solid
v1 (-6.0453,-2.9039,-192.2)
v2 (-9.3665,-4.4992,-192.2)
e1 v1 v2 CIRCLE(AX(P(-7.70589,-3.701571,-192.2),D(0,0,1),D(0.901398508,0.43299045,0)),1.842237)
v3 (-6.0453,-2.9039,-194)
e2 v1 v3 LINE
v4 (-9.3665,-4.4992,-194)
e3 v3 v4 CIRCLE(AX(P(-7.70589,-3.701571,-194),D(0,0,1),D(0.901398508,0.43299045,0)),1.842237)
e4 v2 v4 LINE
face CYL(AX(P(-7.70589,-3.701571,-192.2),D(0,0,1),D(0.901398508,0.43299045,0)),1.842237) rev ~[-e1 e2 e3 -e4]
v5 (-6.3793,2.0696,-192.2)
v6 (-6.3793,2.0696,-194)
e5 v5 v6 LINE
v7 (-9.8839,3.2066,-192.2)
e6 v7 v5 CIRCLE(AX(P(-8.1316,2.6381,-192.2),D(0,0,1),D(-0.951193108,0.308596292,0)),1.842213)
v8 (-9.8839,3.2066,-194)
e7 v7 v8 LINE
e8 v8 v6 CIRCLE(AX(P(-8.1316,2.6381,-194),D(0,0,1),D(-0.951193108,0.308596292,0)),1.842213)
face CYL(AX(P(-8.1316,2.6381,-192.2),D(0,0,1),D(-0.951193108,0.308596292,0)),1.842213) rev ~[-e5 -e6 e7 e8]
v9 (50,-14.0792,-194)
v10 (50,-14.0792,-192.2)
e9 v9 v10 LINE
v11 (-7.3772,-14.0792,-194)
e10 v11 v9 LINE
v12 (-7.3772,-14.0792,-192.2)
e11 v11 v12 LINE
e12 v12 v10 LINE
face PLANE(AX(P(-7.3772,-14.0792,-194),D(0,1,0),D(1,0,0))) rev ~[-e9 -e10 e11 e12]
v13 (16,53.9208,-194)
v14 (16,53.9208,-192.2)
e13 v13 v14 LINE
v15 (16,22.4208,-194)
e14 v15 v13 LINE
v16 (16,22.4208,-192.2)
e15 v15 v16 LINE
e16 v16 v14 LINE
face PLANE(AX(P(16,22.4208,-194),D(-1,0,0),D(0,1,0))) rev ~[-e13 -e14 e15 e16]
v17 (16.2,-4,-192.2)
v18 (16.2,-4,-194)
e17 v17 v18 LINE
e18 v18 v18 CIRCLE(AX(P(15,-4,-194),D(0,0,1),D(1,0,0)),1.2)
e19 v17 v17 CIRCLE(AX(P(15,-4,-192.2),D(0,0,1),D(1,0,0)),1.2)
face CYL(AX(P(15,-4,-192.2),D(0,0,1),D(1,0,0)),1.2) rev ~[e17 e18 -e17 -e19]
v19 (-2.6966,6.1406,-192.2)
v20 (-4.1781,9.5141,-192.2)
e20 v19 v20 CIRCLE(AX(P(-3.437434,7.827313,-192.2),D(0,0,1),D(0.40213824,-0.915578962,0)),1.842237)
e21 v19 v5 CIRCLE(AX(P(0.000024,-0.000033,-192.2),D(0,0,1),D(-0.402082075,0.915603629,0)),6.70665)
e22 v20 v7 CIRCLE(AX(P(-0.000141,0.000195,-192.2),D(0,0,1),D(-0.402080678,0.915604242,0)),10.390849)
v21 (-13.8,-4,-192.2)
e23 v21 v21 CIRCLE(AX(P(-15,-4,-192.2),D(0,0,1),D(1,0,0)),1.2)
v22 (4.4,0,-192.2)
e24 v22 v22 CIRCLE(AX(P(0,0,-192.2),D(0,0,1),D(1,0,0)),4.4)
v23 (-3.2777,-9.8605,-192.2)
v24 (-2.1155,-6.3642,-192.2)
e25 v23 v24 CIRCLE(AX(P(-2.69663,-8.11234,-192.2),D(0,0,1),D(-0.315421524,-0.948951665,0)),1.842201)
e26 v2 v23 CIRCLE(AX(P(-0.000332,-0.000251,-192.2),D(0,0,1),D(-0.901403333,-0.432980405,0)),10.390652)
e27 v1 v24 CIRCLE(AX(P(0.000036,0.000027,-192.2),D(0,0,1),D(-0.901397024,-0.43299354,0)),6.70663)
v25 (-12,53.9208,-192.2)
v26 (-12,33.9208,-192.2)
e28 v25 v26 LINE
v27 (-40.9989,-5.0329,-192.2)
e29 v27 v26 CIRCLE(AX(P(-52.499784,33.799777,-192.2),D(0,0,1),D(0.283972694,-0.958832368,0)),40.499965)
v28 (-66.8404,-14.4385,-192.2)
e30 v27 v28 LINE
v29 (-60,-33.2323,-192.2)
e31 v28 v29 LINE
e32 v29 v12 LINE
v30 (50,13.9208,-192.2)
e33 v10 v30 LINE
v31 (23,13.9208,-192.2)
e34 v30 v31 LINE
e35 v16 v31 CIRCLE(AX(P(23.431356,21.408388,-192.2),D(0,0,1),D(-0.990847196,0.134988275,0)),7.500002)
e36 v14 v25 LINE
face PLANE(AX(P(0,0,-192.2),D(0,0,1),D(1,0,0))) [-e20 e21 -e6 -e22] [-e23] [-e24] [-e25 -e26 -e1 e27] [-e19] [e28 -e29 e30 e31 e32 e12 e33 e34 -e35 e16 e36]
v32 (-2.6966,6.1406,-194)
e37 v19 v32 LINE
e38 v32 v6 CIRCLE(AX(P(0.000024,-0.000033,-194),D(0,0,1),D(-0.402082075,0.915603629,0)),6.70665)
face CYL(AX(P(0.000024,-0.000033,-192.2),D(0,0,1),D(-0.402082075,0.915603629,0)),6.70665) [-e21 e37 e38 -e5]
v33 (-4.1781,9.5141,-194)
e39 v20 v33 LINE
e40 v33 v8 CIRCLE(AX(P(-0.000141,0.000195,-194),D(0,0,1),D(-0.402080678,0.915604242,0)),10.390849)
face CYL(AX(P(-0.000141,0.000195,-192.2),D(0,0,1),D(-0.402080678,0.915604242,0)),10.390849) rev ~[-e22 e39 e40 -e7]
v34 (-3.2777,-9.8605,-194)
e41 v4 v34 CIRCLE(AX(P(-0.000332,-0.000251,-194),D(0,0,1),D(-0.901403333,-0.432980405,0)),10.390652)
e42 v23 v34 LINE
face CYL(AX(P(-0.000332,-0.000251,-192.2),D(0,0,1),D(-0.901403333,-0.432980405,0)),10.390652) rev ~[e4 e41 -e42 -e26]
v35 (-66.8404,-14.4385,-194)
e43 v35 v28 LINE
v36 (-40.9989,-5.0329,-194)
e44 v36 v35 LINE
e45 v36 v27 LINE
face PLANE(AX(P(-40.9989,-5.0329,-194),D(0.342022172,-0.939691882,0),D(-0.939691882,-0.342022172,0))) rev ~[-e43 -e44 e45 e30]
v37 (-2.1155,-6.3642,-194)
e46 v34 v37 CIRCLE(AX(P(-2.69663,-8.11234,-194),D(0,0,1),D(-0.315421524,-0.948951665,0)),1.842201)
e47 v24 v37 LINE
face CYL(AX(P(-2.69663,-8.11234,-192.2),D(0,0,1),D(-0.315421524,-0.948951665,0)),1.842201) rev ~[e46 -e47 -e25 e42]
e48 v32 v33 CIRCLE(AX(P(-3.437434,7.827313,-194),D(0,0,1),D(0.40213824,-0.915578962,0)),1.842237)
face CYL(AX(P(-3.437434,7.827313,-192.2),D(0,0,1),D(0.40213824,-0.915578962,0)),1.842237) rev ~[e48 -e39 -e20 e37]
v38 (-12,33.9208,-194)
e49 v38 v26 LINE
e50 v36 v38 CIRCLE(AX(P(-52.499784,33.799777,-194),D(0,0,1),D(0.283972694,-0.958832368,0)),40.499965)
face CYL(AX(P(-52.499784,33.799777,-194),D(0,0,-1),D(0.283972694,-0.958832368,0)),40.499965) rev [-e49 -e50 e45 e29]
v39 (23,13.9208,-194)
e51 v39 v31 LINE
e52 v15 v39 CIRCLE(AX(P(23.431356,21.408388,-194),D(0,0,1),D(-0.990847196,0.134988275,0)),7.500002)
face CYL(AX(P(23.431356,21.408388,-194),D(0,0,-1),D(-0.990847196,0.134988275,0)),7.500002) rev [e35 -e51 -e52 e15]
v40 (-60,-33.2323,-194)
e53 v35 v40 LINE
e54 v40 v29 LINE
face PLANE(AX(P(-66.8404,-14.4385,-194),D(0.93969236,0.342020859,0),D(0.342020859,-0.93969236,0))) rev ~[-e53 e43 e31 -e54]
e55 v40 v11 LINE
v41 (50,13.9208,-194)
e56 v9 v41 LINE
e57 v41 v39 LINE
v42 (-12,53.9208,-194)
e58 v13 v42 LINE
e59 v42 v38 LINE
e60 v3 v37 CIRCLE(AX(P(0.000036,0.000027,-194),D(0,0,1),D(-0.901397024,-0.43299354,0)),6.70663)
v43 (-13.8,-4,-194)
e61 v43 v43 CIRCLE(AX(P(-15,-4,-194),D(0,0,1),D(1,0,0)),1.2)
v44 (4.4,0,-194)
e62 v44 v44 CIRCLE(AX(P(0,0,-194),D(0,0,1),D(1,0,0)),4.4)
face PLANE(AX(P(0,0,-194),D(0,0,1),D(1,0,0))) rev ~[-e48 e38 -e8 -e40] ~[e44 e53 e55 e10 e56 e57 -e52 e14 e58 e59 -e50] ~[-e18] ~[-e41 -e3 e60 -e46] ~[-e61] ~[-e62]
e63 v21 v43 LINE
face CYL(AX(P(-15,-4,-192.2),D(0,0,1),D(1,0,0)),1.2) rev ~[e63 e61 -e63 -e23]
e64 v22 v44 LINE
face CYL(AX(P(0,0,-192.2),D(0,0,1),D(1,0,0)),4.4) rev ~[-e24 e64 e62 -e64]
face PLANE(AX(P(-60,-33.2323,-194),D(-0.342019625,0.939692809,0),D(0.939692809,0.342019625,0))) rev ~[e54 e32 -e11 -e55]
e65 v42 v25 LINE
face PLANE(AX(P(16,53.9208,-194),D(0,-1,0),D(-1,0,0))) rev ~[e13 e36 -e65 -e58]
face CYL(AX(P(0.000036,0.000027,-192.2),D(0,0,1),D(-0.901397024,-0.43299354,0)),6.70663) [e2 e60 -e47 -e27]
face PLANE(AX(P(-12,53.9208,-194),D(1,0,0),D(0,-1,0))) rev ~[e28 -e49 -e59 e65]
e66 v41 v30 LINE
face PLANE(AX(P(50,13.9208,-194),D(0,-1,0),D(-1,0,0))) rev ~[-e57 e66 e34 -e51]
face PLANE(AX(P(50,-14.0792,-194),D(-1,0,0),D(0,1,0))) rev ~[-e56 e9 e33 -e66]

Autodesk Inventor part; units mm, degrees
ref_plane "YZ Plane" through (0, 0, 0) normal (1, 0, 0) x (0, 1, 0)
ref_plane "XZ Plane" through (0, 0, 0) normal (0, 1, 0) x (-1, 0, 0)
ref_plane "XY Plane" through (0, 0, 0) normal (0, 0, 1) x (1, 0, 0)
ref_plane "РабПлоскость5" through (0, 0, -194) normal (0, 0, 1) x (1, 0, 0)
sketch "Эскиз4" plane through (0, 0, -194) normal (0, 0, 1) x (1, 0, 0)
  line L0 (-7.3772, -14.0792) -> (50, -14.0792)
  line L1 (-60, -33.2323) -> (-7.3772, -14.0792)
  line L2 (-66.8404, -14.4385) -> (-60, -33.2323)
  line L3 (-40.9989, -5.0329) -> (-66.8404, -14.4385)
  arc A0 (-40.9989, -5.0329) -> (-12, 33.9208) centre (-52.4998, 33.7998) ccw
  line L4 (-12, 53.9208) -> (-12, 33.9208)
  line L5 (16, 53.9208) -> (-12, 53.9208)
  line L6 (16, 22.4208) -> (16, 53.9208)
  arc A1 (16, 22.4208) -> (23, 13.9208) centre (23.4314, 21.4084) ccw
  line L7 (50, 13.9208) -> (23, 13.9208)
  line L8 (50, -14.0792) -> (50, 13.9208)
  point P0 (0, 0)
extrude "Выдавливание4" add sketch "Эскиз4" along normal blind 1.8
sketch "Эскиз5" plane through (0, 0, -192.2) normal (0, 0, 1) x (1, 0, 0)
  circle A0 centre (0, 0) radius 4.4
  circle A1 centre (0, 0) radius 12
  circle A2 centre (15, -4) radius 1.2
  line L0 (0, 0) -> (0, -30) construction
  circle A3 centre (-15, -4) radius 1.2
  arc A4 (-3.4374, 7.8273) -> (-8.1316, 2.6381) centre (0, 0) ccw construction
  arc A5 (-4.1781, 9.5141) -> (-9.8839, 3.2066) centre (0, 0) ccw
  arc A6 (-2.6966, 6.1406) -> (-6.3793, 2.0696) centre (0, 0) ccw
  arc A7 (-2.6966, 6.1406) -> (-4.1781, 9.5141) centre (-3.4374, 7.8273) ccw
  arc A8 (-9.8839, 3.2066) -> (-6.3793, 2.0696) centre (-8.1316, 2.6381) ccw
  arc A9 (-7.7059, -3.7016) -> (-2.6966, -8.1124) centre (0, 0) ccw construction
  arc A10 (-9.3665, -4.4992) -> (-3.2777, -9.8605) centre (0, 0) ccw
  arc A11 (-6.0453, -2.9039) -> (-2.1155, -6.3642) centre (0, 0) ccw
  arc A12 (-6.0453, -2.9039) -> (-9.3665, -4.4992) centre (-7.7059, -3.7016) ccw
  arc A13 (-3.2777, -9.8605) -> (-2.1155, -6.3642) centre (-2.6966, -8.1124) ccw
  dimension "d42" = 8.8
  dimension "d43" = 24
  dimension "d44" = 2.4
  dimension "d46" = 30
  dimension "d47" = 15
  dimension "d48" = 4
extrude "Выдавливание5" cut sketch "Эскиз5" against normal blind 30 contours A0 | A2 | A3 | A7 A6 A8 A5 | A12 A11 A13 A10
equation "\"d49\" = d46"
properties part number "ЛЦМК000002.00.00.00.00.08-01"
